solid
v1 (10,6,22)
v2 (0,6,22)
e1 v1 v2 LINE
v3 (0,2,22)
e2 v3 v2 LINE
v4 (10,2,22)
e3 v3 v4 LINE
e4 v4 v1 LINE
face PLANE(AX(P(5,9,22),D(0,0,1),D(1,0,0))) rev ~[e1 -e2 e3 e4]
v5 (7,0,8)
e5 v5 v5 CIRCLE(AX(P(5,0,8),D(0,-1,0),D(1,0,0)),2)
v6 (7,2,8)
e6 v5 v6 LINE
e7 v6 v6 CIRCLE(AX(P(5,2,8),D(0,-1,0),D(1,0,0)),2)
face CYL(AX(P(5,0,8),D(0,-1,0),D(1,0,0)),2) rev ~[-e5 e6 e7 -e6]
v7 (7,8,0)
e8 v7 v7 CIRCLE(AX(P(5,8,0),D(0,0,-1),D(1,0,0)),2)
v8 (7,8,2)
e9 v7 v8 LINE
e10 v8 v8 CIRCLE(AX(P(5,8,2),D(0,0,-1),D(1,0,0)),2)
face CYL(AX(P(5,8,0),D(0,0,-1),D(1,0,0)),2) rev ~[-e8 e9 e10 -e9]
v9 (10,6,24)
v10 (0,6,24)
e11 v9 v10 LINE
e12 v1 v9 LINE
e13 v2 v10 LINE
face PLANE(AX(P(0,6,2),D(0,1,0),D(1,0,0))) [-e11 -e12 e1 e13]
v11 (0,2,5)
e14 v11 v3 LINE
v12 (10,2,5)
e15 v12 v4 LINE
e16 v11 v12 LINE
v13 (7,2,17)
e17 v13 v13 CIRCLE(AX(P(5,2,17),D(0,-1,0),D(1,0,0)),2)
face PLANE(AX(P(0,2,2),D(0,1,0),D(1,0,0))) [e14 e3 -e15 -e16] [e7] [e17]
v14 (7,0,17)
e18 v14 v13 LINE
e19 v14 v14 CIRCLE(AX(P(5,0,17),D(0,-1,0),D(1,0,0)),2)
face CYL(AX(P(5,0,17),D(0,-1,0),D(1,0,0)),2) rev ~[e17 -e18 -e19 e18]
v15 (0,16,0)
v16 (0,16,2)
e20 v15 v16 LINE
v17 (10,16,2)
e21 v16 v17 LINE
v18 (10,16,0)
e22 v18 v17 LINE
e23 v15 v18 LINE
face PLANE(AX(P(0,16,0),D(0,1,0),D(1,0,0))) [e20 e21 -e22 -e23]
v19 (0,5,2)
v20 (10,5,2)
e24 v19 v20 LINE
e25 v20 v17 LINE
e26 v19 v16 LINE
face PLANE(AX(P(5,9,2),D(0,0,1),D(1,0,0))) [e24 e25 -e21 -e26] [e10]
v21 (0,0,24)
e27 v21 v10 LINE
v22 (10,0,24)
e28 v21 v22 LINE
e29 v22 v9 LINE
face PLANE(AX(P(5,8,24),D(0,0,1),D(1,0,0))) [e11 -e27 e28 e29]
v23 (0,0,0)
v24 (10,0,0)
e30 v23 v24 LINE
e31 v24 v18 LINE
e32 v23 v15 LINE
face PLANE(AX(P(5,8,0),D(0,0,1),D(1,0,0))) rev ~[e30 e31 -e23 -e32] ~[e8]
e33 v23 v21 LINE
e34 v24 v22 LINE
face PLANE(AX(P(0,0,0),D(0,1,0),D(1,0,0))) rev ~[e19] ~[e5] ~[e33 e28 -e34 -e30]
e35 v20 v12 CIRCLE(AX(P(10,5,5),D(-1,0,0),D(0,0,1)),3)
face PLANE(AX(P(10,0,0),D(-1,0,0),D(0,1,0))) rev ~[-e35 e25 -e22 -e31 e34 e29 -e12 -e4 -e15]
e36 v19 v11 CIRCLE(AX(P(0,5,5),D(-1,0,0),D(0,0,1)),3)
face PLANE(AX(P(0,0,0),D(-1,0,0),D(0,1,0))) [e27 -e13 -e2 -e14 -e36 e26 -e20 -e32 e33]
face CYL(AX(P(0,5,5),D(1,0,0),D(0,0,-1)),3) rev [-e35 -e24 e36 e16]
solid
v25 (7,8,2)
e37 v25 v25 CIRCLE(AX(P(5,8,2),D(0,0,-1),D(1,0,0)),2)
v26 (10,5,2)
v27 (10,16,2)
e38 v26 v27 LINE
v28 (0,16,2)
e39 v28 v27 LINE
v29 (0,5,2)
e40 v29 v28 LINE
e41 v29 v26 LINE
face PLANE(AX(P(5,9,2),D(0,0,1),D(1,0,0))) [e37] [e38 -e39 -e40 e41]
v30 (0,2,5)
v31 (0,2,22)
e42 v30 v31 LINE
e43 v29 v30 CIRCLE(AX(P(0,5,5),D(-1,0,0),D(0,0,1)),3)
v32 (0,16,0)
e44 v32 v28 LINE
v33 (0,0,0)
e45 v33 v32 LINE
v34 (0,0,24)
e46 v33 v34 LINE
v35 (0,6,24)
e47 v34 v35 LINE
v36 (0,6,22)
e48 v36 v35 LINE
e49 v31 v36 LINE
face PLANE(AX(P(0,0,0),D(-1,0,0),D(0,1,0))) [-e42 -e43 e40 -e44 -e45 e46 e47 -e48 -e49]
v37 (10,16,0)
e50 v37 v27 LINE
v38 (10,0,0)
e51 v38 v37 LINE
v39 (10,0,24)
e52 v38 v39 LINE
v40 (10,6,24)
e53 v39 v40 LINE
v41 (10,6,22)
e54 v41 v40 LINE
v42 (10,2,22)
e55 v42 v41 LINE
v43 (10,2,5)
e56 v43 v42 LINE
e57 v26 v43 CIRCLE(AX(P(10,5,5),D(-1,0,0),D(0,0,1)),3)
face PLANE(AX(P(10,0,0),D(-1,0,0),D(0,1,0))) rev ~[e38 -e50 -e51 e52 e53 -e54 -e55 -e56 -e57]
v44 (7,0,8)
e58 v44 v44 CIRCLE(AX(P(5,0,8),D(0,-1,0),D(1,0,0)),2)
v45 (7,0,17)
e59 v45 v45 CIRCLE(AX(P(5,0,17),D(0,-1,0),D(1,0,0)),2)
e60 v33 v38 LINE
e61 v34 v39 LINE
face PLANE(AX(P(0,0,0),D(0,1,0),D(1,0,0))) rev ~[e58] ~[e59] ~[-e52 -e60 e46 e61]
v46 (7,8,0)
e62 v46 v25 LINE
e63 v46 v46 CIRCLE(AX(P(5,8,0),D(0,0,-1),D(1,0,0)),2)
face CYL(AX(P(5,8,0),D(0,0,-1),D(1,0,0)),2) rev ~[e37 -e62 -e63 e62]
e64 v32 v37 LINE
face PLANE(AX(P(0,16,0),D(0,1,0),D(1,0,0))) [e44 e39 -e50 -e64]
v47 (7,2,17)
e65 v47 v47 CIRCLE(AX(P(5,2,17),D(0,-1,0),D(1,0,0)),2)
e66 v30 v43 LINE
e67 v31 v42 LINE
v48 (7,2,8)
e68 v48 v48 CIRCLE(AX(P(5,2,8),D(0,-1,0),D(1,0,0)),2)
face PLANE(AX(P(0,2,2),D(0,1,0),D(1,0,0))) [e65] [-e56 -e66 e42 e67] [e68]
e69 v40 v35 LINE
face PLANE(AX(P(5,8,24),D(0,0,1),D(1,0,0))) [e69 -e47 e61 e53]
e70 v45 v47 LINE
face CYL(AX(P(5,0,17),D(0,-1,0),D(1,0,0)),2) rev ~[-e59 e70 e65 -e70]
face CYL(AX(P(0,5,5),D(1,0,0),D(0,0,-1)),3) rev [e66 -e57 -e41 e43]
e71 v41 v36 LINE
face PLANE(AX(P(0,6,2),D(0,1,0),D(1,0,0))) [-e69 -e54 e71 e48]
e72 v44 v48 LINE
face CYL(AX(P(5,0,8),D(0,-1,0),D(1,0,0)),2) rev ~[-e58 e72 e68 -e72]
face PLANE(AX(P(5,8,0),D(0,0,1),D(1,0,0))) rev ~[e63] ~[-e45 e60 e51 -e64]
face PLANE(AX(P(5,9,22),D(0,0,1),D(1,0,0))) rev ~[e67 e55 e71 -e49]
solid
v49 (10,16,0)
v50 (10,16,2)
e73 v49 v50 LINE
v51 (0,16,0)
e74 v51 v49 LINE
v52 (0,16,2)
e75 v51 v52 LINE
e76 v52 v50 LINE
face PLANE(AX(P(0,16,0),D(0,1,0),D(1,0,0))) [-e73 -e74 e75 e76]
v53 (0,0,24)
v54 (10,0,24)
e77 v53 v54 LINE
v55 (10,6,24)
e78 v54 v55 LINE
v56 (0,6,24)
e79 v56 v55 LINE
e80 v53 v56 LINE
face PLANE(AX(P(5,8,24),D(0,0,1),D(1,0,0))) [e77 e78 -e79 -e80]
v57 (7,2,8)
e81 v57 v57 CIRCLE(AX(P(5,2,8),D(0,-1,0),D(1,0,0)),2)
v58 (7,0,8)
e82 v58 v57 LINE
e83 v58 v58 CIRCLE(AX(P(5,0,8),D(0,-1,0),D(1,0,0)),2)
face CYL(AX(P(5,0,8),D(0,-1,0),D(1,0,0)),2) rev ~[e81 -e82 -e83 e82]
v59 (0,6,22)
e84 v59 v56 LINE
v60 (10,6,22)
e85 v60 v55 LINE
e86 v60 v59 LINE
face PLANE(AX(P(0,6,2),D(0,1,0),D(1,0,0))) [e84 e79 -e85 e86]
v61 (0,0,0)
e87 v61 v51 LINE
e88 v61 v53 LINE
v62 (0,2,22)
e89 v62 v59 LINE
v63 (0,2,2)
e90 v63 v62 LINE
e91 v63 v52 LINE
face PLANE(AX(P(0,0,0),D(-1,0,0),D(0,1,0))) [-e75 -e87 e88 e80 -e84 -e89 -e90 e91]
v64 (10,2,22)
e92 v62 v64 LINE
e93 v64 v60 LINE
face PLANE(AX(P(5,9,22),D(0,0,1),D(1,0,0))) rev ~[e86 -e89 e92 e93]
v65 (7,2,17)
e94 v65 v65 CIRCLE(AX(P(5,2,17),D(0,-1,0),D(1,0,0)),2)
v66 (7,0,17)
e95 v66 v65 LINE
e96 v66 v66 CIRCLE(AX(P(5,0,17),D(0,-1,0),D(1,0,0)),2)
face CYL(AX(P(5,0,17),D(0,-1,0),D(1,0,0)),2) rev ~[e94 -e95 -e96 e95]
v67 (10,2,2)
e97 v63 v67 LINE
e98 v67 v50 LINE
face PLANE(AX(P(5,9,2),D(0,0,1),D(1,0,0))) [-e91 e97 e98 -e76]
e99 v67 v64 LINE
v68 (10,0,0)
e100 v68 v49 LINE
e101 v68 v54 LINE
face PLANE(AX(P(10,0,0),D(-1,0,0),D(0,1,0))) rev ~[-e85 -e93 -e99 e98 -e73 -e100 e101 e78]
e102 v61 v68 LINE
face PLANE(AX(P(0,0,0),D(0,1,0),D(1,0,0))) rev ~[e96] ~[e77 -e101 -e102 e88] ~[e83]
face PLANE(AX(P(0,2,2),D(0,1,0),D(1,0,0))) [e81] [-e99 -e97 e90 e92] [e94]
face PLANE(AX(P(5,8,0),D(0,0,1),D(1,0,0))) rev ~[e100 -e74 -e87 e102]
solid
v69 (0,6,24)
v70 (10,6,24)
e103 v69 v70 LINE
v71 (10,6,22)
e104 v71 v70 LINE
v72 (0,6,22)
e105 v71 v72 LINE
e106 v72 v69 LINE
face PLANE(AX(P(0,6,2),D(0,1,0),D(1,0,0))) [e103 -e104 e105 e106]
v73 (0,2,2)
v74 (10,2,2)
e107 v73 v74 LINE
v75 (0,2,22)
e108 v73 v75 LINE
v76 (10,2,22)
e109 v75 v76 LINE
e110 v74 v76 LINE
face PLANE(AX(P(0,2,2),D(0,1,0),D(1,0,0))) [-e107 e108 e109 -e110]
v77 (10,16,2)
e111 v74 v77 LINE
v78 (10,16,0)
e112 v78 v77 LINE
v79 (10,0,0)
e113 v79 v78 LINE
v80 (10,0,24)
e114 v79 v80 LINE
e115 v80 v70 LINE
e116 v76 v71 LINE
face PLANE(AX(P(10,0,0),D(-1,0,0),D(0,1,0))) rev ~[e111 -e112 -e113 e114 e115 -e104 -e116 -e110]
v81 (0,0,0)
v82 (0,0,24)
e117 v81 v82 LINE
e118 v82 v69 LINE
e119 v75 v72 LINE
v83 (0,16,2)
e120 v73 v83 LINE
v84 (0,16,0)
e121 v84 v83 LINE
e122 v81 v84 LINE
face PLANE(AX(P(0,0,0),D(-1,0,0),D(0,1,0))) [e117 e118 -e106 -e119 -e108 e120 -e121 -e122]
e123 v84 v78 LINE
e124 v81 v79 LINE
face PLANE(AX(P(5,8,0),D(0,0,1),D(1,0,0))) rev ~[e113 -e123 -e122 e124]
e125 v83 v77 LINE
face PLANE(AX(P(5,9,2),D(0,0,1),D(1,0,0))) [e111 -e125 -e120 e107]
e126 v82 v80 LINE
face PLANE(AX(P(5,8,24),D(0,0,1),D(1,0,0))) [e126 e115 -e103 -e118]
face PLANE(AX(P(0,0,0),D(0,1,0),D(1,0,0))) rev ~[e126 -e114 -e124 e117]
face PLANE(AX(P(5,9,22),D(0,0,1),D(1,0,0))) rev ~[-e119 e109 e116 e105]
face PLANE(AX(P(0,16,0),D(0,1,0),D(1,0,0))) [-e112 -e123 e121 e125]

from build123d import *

# Parameters (mm, degrees)
BOX002_W        = 10
BOX002_H        = 10
BOX002_DEPTH    = 22
BOX001_W        = 10
BOX001_H        = 14
BOX001_DEPTH    = 20
BOX_W           = 10
BOX_H           = 16
BOX_DEPTH       = 24
SKETCH_R        = 2
POCKET_DEPTH    = 16.001
SKETCH001_R     = 2
POCKET001_DEPTH = 24.001
FILLET_R        = 3
POCKET002_DEPTH = 16.001
FILLET001_R     = 3


with BuildPart() as cubo002:
    # Box002 → Box002 (new body)
    with BuildSketch(Plane(origin=(0, 6, 2), x_dir=(1, 0, 0), z_dir=(0, 0, 1))):
        with Locations((5, 5)):
            Rectangle(BOX002_W, BOX002_H)
    extrude(amount=BOX002_DEPTH)


with BuildPart() as cubo001:
    # Box001 → Box001 (new body)
    with BuildSketch(Plane(origin=(0, 2, 2), x_dir=(1, 0, 0), z_dir=(0, 0, 1))):
        with Locations((5, 7)):
            Rectangle(BOX001_W, BOX001_H)
    extrude(amount=BOX001_DEPTH)


with BuildPart() as cut:
    # Box → Box (new body)
    with BuildSketch(Plane.XY):
        with Locations((5, 8)):
            Rectangle(BOX_W, BOX_H)
    extrude(amount=BOX_DEPTH)

    # Cut: cut Cubo001
    add(cubo001.part, mode=Mode.SUBTRACT)


with BuildPart() as cut001:
    # Cut001 base: copy of Cut
    add(cut.part)

    # Cut001: cut Cubo002
    add(cubo002.part, mode=Mode.SUBTRACT)


with BuildPart() as pocket001:
    # Pocket base: copy of Cut001
    add(cut001.part)

    # Sketch → Pocket (cut, through all)
    with BuildSketch(Plane.XZ):
        with Locations((5, 8)):
            Circle(SKETCH_R)
        with Locations((5, 17)):
            Circle(SKETCH_R)
    extrude(amount=-POCKET_DEPTH, mode=Mode.SUBTRACT)

    # Sketch001 → Pocket001 (cut, through all)
    with BuildSketch(Plane(origin=(0, 0, 0), x_dir=(1, 0, 0), z_dir=(0, 0, -1))):
        with Locations((5, -8)):
            Circle(SKETCH001_R)
    extrude(amount=-POCKET001_DEPTH, mode=Mode.SUBTRACT)


with BuildPart() as fillet_body:
    # Fillet base: copy of Pocket001
    add(pocket001.part)

    # Fillet
    fillet_edges = [fillet_body.edges().sort_by_distance(p)[0] for p in [
        (5, 2, 2),
    ]]
    fillet(fillet_edges, radius=FILLET_R)


with BuildPart() as cut002:
    # Cut002 base: copy of Cut
    add(cut.part)

    # Cut002: cut Cubo002
    add(cubo002.part, mode=Mode.SUBTRACT)


with BuildPart() as pocket002:
    # Pocket002 base: copy of Cut001
    add(cut001.part)

    # Sketch → Pocket002 (cut, through all)
    with BuildSketch(Plane.XZ):
        with Locations((5, 8)):
            Circle(SKETCH_R)
        with Locations((5, 17)):
            Circle(SKETCH_R)
    extrude(amount=-POCKET002_DEPTH, mode=Mode.SUBTRACT)


with BuildPart() as fillet001:
    # Fillet001 base: copy of Pocket001
    add(pocket001.part)

    # Fillet001
    fillet001_edges = [fillet001.edges().sort_by_distance(p)[0] for p in [
        (5, 2, 2),
    ]]
    fillet(fillet001_edges, radius=FILLET001_R)


solid = Compound([fillet_body.part, cut002.part, pocket002.part, fillet001.part])
